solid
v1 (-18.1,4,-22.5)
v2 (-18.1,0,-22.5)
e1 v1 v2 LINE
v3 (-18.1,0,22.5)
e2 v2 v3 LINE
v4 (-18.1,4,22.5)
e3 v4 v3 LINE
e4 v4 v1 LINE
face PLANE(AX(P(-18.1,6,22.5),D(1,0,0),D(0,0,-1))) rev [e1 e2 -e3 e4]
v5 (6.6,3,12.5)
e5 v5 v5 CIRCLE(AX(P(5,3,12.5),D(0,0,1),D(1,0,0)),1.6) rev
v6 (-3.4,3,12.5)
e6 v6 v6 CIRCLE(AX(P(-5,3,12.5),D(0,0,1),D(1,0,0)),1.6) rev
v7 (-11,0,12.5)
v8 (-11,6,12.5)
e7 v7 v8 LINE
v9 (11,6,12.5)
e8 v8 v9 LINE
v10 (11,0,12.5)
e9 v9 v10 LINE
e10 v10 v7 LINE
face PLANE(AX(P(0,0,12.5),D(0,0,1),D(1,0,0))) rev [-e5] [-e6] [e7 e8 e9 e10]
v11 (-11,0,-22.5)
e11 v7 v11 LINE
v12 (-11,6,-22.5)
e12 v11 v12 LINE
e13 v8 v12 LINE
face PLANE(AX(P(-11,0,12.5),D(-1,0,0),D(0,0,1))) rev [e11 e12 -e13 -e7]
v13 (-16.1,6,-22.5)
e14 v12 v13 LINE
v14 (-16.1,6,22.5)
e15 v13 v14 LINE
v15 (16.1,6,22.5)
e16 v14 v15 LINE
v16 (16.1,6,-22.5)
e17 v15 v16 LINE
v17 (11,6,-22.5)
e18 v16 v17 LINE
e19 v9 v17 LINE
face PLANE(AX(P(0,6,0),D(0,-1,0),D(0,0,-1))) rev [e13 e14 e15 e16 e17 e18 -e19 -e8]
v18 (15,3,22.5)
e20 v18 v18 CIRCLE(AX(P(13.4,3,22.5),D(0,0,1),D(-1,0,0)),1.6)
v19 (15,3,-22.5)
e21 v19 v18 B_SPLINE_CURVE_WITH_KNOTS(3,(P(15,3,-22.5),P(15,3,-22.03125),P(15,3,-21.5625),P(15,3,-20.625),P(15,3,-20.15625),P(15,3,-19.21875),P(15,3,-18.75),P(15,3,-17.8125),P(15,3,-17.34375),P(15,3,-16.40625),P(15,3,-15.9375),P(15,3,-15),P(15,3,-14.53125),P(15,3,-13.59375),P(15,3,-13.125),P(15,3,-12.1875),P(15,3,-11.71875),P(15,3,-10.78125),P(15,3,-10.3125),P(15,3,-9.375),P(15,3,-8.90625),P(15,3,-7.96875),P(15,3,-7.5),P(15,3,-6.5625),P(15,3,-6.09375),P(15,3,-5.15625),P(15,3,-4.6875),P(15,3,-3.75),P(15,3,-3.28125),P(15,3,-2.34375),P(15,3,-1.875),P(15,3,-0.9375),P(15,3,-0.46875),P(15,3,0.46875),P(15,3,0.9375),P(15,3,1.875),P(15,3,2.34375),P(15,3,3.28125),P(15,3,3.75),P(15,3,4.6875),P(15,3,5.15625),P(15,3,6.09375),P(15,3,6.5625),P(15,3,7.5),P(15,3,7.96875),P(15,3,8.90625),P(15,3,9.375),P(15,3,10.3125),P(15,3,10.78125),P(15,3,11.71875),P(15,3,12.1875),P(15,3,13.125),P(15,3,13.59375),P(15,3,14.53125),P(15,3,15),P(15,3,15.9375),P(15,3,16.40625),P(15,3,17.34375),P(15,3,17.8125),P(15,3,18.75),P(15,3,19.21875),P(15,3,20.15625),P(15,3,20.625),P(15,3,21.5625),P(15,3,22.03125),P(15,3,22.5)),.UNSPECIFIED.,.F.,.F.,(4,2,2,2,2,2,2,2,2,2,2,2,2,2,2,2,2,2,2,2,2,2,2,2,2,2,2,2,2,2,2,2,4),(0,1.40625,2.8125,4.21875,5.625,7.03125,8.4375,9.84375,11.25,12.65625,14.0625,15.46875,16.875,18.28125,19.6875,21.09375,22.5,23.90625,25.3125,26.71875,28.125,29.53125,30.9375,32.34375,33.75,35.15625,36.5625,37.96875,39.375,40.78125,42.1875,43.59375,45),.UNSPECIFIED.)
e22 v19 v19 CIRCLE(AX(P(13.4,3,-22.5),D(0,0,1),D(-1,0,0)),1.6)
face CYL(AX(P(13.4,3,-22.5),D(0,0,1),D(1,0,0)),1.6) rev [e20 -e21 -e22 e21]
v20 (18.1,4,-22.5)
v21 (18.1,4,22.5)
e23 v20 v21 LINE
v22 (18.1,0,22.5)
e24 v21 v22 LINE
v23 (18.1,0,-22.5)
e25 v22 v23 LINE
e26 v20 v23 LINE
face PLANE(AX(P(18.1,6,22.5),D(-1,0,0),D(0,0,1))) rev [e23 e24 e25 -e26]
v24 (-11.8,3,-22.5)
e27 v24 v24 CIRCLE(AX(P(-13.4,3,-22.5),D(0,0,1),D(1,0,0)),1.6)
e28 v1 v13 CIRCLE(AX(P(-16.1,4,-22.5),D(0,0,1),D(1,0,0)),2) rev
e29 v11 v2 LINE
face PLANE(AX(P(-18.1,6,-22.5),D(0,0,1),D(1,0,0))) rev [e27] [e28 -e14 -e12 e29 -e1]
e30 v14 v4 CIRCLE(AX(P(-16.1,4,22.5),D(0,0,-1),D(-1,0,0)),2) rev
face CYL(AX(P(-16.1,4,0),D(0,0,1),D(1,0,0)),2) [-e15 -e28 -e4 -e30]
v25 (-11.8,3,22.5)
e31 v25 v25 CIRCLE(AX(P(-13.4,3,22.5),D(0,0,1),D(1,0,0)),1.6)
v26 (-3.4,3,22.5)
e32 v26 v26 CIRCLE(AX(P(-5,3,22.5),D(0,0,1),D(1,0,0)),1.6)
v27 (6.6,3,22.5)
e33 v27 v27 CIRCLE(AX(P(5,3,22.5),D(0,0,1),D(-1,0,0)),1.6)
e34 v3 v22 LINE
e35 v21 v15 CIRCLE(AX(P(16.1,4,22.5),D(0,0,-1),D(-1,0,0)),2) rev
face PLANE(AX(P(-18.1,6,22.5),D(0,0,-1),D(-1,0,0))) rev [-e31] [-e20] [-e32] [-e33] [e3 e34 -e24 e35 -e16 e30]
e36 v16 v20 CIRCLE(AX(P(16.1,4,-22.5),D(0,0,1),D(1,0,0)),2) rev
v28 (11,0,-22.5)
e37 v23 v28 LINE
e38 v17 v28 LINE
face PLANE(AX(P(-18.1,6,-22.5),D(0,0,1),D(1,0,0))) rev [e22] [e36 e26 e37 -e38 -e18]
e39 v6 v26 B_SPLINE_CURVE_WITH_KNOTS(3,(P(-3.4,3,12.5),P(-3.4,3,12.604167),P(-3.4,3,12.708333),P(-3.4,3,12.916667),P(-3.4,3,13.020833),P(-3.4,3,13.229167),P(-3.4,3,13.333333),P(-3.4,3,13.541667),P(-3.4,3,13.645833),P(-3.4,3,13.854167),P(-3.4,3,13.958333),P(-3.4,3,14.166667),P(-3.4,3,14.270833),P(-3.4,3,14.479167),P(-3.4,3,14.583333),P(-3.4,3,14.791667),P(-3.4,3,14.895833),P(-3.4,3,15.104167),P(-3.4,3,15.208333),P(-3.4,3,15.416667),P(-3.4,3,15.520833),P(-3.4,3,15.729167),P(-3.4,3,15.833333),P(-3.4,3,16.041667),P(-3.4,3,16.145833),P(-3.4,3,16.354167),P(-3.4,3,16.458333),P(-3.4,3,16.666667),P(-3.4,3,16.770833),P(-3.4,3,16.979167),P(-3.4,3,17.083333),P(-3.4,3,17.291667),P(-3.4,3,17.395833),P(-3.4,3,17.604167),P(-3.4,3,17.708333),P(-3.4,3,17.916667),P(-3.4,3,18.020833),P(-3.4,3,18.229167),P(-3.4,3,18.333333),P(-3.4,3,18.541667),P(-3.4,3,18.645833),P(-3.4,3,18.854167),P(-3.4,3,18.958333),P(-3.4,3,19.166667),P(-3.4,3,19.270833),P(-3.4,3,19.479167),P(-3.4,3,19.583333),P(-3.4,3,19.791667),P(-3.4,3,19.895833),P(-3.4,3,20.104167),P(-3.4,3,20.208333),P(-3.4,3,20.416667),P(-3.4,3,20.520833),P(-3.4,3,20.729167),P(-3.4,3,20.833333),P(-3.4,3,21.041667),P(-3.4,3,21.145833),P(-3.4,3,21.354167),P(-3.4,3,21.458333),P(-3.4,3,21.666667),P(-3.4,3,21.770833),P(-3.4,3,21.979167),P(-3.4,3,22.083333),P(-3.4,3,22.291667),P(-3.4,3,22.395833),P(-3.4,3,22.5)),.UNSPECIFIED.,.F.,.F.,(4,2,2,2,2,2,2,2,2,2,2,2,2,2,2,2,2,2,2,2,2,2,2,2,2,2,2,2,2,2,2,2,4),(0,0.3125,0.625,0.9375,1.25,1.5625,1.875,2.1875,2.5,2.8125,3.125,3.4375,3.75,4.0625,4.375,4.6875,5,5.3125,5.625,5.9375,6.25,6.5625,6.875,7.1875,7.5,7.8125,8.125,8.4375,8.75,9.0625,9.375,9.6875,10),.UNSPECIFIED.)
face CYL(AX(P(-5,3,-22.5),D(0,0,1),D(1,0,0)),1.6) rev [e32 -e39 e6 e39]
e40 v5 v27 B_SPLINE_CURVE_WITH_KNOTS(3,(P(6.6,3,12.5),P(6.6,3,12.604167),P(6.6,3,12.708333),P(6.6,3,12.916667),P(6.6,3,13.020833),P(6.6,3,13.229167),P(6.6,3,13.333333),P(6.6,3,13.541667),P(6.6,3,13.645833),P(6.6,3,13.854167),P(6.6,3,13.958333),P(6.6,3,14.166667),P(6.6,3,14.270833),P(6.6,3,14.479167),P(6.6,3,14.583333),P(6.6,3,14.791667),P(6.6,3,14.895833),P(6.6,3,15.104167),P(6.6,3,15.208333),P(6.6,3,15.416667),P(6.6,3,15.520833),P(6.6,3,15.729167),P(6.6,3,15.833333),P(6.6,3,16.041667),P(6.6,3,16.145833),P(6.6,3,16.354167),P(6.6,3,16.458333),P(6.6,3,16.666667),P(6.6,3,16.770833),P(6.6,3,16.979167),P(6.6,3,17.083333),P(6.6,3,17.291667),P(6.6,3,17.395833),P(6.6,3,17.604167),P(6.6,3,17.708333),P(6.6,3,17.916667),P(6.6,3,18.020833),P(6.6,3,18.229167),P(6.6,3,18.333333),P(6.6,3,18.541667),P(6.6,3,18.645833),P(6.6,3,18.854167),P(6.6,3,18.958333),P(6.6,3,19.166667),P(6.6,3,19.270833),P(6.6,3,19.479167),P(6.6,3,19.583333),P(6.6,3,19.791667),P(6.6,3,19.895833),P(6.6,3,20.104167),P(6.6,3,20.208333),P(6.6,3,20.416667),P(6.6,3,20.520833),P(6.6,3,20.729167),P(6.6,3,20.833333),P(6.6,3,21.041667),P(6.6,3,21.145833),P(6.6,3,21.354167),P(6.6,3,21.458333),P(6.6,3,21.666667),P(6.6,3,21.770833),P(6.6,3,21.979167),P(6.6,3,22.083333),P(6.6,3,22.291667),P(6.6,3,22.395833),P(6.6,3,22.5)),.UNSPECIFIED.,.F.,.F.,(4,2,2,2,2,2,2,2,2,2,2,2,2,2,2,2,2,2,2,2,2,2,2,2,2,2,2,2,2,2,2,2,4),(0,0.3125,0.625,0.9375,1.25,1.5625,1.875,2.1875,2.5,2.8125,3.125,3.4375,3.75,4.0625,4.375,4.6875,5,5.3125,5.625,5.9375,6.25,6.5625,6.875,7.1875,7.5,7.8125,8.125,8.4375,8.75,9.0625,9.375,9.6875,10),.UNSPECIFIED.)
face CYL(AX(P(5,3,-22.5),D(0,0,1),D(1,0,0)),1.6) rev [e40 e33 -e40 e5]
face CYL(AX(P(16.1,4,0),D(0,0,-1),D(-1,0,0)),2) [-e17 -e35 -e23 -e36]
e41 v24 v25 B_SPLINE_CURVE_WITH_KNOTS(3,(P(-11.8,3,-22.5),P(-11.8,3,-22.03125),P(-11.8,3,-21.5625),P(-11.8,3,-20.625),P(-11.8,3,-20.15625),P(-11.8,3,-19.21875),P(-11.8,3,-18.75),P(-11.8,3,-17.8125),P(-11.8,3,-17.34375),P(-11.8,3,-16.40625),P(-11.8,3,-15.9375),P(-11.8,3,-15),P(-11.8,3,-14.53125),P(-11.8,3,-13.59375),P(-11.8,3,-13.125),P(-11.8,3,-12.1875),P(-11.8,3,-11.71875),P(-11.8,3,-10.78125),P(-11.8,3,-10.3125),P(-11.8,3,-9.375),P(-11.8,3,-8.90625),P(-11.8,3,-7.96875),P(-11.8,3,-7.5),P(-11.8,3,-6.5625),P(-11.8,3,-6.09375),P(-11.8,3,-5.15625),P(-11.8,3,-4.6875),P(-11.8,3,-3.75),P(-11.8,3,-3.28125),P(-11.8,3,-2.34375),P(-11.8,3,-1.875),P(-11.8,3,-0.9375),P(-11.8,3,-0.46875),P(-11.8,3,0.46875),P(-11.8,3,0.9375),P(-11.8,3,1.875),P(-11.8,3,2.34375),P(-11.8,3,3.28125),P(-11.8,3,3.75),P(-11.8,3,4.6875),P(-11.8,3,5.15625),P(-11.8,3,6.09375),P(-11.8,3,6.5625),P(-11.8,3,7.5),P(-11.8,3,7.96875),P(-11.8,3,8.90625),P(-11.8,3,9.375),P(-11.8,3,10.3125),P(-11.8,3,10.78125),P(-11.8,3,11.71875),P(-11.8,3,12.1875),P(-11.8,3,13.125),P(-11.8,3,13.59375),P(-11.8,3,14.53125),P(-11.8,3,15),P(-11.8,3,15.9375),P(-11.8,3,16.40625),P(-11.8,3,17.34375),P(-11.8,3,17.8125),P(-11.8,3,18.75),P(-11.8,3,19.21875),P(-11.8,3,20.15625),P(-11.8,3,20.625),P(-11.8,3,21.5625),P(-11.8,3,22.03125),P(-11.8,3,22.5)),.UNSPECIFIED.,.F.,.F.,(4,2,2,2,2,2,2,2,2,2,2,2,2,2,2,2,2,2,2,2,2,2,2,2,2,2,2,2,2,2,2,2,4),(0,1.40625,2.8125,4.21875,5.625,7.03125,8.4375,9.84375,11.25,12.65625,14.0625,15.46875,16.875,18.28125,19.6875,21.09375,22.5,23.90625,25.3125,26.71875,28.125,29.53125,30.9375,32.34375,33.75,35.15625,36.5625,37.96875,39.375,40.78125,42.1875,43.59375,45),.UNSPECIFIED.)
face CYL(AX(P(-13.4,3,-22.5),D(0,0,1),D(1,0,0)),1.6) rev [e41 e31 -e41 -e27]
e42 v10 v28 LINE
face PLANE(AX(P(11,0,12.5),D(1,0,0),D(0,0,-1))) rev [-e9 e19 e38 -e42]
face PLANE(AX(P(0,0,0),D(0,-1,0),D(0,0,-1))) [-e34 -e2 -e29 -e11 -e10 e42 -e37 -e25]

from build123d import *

# Parameters (mm, degrees)
SKETCH1_W           = 36.2
SKETCH1_H           = 45
BOSS_EXTRUDE1_DEPTH = 6
SKETCH2_R           = 1.6
CUT_EXTRUDE1_DEPTH  = 49.873407902
SKETCH4_W           = 22
SKETCH4_H           = 6
CUT_EXTRUDE2_DEPTH  = 35
FILLET1_R           = 2


with BuildPart() as part:
    # Sketch1 → Boss-Extrude1 (new body)
    with BuildSketch(Plane(origin=(0, 0, 0), x_dir=(1, 0, 0), z_dir=(0, 1, 0))):
        Rectangle(SKETCH1_W, SKETCH1_H)
    extrude(amount=BOSS_EXTRUDE1_DEPTH)

    # Sketch2 → Cut-Extrude1 (cut, through all)
    with BuildSketch(Plane.XY.offset(22.5)):
        with Locations((-5, 3)):
            Circle(SKETCH2_R)
        with Locations((-13.4, 3)):
            Circle(SKETCH2_R)
        with Locations((5, 3)):
            Circle(SKETCH2_R)
        with Locations((13.4, 3)):
            Circle(SKETCH2_R)
    extrude(amount=-CUT_EXTRUDE1_DEPTH, mode=Mode.SUBTRACT)

    # Sketch4 → Cut-Extrude2 (cut)
    with BuildSketch(Plane(origin=(0, 0, -22.5), x_dir=(-1, 0, 0), z_dir=(0, 0, -1))):
        with Locations((0, 3)):
            Rectangle(SKETCH4_W, SKETCH4_H)
    extrude(amount=-CUT_EXTRUDE2_DEPTH, mode=Mode.SUBTRACT)

    # Fillet1
    fillet1_edges = [part.edges().sort_by_distance(p)[0] for p in [
        (-18.1, 6, 0),
        (18.1, 6, 0),
    ]]
    fillet(fillet1_edges, radius=FILLET1_R)


solid = part.part
